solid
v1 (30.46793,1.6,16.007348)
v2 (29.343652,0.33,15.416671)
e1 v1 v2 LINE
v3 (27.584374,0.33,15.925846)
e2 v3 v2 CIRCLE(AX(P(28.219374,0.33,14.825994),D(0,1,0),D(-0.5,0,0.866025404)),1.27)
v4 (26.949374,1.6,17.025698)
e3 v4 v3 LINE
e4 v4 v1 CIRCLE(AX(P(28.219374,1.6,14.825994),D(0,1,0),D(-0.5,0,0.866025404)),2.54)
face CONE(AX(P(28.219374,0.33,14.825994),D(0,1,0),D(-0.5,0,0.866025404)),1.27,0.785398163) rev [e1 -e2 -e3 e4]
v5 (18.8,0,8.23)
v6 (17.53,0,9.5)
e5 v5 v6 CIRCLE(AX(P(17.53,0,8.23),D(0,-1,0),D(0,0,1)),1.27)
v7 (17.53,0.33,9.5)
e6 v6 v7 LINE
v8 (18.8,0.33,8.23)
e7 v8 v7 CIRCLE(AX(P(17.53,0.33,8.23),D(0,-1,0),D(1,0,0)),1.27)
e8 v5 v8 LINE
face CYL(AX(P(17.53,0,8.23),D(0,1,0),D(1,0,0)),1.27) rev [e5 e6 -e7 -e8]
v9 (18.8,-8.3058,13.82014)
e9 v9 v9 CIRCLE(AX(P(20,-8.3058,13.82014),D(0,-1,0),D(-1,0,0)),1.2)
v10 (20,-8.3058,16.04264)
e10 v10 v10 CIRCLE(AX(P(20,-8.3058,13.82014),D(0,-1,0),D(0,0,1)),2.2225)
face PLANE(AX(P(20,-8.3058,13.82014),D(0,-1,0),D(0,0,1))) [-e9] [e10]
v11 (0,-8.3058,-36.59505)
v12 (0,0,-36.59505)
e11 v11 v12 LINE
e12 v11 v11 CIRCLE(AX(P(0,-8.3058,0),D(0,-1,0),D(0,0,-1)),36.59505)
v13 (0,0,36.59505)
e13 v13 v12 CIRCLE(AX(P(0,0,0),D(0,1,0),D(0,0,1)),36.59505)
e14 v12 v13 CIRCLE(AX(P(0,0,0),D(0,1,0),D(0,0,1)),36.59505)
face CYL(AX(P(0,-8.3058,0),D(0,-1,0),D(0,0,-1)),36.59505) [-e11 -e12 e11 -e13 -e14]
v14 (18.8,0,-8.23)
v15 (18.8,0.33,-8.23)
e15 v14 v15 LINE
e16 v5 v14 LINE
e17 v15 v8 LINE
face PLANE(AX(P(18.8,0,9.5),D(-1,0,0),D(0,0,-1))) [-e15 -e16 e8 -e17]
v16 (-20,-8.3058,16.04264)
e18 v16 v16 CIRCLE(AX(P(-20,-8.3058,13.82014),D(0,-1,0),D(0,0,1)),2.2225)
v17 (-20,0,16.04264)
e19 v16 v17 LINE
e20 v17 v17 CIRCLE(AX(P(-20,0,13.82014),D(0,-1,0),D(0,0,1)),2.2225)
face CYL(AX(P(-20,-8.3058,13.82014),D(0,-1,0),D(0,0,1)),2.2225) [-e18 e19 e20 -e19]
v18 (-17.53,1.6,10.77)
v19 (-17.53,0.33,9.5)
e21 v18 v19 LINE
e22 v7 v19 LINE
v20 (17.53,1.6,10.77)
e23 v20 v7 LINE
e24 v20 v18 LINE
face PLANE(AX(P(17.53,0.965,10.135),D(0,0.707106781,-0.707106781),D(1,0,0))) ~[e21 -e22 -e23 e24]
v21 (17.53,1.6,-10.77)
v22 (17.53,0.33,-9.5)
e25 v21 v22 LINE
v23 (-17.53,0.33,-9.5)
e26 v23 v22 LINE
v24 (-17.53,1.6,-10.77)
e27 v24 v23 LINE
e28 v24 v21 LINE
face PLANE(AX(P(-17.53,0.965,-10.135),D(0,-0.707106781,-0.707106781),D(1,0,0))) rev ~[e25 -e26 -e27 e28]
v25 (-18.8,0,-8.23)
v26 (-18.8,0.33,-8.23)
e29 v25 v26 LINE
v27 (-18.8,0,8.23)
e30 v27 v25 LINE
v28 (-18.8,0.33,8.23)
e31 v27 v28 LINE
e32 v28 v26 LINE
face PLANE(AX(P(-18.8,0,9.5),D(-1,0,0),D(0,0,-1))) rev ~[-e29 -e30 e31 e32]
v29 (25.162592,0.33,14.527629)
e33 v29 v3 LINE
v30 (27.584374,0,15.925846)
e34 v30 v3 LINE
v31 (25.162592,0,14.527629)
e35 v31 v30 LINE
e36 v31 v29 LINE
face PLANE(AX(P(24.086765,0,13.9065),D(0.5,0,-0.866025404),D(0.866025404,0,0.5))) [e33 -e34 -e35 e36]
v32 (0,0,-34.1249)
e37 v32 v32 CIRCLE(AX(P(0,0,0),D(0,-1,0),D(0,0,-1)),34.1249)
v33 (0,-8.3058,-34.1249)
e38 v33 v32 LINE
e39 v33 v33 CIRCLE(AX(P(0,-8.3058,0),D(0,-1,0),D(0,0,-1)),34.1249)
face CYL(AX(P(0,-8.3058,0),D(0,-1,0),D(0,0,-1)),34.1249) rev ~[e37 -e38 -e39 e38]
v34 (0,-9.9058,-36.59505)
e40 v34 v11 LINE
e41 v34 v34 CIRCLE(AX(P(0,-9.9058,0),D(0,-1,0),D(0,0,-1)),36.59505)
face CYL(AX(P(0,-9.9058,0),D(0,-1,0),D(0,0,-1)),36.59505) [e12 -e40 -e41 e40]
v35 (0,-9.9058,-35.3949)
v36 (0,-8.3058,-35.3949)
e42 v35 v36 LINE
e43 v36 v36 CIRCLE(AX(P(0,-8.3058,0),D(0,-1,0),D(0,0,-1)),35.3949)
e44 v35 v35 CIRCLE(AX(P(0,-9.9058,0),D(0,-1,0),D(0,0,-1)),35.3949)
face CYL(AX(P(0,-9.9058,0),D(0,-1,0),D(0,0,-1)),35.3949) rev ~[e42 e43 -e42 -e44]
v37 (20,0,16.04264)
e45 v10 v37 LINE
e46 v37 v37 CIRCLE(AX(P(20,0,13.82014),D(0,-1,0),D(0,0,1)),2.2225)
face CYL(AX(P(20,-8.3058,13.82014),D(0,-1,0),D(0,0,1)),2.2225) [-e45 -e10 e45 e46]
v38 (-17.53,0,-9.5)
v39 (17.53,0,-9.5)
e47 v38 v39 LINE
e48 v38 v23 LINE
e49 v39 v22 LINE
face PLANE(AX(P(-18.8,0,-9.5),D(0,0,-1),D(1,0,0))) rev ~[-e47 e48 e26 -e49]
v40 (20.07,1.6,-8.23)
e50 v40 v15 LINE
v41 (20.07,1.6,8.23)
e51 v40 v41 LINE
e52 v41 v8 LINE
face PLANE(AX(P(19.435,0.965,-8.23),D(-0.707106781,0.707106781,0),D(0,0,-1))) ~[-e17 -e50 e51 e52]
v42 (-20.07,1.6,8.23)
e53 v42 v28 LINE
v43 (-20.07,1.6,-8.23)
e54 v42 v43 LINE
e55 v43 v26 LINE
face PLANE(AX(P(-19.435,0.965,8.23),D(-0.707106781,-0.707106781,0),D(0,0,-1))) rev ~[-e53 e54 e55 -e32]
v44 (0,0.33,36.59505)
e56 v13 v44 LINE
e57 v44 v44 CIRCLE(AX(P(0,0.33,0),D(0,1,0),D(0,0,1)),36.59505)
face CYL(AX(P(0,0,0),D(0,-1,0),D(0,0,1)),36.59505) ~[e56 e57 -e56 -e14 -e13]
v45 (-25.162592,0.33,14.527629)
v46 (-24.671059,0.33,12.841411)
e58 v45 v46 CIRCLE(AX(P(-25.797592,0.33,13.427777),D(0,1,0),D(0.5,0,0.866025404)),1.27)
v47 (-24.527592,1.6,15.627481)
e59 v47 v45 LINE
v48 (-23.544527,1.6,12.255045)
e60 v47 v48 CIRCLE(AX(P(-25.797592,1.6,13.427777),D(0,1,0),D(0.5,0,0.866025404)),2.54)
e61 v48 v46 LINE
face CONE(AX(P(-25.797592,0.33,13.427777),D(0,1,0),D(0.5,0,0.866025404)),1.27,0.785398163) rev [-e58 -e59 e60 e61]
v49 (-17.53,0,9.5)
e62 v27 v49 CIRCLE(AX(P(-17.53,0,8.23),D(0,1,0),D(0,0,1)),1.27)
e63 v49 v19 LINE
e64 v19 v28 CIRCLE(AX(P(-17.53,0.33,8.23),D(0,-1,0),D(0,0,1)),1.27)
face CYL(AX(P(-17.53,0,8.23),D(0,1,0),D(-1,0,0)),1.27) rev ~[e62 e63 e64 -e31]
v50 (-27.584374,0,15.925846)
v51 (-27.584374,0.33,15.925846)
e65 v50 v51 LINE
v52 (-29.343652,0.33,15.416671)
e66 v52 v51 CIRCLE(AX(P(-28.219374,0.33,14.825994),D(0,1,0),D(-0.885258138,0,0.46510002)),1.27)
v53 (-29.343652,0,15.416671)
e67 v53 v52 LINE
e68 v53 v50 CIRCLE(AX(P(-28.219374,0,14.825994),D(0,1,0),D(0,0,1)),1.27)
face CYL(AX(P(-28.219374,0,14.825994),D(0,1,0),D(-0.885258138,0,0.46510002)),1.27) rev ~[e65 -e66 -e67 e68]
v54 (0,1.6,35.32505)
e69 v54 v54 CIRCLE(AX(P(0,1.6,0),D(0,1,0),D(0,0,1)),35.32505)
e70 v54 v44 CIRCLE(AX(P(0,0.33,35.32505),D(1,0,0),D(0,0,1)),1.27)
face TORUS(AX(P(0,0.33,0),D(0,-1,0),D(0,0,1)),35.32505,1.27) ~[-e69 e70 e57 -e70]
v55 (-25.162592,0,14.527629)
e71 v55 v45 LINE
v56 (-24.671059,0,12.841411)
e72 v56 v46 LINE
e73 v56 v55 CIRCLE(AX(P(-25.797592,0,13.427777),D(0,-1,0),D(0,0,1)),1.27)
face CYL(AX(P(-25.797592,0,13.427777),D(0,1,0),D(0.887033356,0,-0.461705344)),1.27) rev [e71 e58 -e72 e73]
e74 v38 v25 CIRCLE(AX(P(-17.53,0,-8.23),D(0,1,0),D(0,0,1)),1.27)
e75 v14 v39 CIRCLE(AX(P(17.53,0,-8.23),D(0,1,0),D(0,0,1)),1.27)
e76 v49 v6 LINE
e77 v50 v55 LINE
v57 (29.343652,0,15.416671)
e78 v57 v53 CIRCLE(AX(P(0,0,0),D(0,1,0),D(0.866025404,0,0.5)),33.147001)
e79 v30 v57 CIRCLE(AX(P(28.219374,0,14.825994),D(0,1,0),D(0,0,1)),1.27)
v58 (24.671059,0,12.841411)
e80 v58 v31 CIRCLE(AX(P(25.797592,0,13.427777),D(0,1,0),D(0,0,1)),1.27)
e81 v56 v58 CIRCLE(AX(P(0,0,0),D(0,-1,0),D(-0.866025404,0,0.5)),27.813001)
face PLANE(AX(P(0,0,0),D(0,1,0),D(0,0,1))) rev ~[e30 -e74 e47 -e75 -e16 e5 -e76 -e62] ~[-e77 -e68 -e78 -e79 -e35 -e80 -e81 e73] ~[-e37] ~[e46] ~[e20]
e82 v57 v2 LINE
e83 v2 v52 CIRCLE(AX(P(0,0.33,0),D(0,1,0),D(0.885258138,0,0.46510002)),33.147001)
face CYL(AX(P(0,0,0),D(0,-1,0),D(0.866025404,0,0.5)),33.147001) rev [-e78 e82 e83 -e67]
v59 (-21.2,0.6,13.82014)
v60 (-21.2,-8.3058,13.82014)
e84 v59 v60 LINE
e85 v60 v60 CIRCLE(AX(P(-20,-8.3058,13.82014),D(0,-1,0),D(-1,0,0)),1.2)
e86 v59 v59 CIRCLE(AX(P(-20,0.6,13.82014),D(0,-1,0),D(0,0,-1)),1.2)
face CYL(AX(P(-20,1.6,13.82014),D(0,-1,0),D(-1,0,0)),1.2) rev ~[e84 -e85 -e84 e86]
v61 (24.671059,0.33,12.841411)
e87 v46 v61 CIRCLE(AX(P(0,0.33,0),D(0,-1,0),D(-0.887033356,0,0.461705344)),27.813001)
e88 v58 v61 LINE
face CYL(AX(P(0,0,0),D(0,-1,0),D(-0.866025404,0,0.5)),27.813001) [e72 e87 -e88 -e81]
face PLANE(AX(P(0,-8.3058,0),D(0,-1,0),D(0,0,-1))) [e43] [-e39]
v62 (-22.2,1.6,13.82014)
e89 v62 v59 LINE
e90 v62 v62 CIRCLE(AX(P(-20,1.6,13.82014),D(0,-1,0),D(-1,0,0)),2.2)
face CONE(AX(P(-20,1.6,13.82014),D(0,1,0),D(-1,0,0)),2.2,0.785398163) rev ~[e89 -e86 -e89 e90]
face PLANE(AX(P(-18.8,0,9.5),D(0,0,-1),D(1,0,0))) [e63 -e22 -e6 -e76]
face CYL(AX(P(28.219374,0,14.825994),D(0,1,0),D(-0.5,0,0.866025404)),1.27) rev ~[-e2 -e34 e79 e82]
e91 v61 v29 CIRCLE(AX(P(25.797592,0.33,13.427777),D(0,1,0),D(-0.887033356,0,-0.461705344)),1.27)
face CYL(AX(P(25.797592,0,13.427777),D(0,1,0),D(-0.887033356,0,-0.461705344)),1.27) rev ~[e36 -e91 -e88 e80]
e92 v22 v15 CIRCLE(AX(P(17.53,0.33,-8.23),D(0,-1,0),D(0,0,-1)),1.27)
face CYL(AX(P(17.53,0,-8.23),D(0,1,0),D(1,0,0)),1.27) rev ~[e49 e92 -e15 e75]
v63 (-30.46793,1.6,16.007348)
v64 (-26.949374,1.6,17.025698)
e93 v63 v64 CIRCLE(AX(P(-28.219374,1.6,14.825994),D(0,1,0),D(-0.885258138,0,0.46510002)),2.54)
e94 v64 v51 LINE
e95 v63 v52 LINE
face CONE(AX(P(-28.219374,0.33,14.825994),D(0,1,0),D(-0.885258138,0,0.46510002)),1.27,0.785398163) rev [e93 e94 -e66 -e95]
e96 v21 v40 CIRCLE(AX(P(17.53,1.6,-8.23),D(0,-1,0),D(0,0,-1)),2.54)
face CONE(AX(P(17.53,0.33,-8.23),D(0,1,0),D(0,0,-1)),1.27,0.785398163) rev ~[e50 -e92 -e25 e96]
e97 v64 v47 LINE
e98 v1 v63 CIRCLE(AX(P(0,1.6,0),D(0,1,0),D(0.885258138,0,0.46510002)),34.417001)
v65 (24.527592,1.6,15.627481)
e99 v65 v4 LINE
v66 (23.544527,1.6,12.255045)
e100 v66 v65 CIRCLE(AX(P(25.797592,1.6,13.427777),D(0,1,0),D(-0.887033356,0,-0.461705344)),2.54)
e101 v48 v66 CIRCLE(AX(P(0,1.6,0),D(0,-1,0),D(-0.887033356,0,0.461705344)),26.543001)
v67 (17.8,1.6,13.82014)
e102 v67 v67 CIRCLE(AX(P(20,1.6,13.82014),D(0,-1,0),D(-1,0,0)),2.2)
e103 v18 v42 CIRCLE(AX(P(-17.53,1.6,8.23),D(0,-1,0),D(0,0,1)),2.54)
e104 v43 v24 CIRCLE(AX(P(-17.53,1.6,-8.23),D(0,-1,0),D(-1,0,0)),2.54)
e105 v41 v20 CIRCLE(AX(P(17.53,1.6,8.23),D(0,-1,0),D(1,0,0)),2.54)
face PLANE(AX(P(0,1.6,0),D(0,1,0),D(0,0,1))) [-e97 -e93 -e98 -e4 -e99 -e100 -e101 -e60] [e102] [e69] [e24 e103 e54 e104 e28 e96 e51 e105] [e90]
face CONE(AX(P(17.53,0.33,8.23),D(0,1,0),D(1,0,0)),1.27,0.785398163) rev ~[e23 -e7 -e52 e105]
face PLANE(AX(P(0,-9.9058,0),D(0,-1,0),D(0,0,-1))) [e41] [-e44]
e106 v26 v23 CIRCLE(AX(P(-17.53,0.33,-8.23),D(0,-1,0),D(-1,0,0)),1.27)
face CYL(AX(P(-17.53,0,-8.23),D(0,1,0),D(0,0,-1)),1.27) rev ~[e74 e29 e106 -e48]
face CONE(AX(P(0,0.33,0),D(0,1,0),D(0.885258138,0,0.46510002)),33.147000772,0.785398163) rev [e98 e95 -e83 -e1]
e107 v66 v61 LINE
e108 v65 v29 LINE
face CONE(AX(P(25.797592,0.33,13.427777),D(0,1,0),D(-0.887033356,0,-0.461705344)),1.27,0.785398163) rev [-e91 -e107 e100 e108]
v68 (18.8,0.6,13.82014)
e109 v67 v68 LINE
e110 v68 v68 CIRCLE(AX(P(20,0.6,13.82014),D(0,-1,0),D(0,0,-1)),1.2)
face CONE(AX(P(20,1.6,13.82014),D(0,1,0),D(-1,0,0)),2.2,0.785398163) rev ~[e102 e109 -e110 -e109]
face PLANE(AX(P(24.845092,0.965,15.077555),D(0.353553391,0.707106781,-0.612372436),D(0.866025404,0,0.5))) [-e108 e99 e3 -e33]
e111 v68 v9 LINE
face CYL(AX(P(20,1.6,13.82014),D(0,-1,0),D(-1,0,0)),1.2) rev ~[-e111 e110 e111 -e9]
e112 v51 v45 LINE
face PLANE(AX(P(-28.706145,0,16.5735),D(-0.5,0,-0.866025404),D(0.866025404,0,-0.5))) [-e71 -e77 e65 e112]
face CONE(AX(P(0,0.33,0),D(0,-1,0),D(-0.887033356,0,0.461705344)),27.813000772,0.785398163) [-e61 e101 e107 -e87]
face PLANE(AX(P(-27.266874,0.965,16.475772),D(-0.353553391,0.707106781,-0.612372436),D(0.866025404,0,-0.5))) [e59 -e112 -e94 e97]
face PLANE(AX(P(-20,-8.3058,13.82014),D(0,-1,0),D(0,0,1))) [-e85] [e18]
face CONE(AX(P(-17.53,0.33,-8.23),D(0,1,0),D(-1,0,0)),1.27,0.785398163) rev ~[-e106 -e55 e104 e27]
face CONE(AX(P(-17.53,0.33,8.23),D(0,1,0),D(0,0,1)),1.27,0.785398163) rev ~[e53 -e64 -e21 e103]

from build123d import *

# Parameters (mm, degrees)
SKETCH1_R                                       = 36.59505
SKETCH1_W                                       = 37.6
SKETCH1_H                                       = 19
BOSS_EXTRUDE1_DEPTH                             = 1.6
BOSS_EXTRUDE2_START                             = 8.3058
SKETCH2_R                                       = 36.59505
SKETCH2_R_2                                     = 34.1249
SKETCH2_R_3                                     = 2.2225
BOSS_EXTRUDE2_DEPTH                             = 8.3058
CSK_FOR_M2_FLAT_HEAD_MACHINE_SCREW1_D           = 2.4
CSK_FOR_M2_FLAT_HEAD_MACHINE_SCREW1_CSINK_D     = 4.4
CSK_FOR_M2_FLAT_HEAD_MACHINE_SCREW1_CSINK_ANGLE = 90
FILLET1_R                                       = 1.27
BOSS_EXTRUDE3_START                             = 1.6
SKETCH5_R                                       = 36.59505
SKETCH5_R_2                                     = 35.3949
BOSS_EXTRUDE3_DEPTH                             = 1.6
CHAMFER2_SIZE                                   = 1.27
FILLET2_R                                       = 1.27


with BuildPart() as part:
    # Sketch1 → Boss-Extrude1 (new body)
    with BuildSketch(Plane(origin=(0, 0, 0), x_dir=(1, 0, 0), z_dir=(0, 1, 0))):
        with Locations(Location((0, 0, 0), (0, 0, 270))):
            Circle(SKETCH1_R)
        with BuildLine():
            Line((-28.706144728, -16.573500386), (-24.086765224, -13.906500386))
            ThreePointArc((-24.086765224, -13.906500386), (0, 27.813000772), (24.086765224, -13.906500386))
            Line((24.086765224, -13.906500386), (28.706144728, -16.573500386))
            ThreePointArc((28.706144728, -16.573500386), (0, 33.147000772), (-28.706144728, -16.573500386))
        make_face(mode=Mode.SUBTRACT)
        Rectangle(SKETCH1_W, SKETCH1_H, mode=Mode.SUBTRACT)
    extrude(amount=BOSS_EXTRUDE1_DEPTH)

    # Sketch2 → Boss-Extrude2 (add)
    # profile 1 of 3: a face of its own
    with BuildSketch(Plane.XZ.offset(BOSS_EXTRUDE2_START)):
        with Locations(Location((0, 0, 0), (0, 0, 270))):
            Circle(SKETCH2_R)
        with Locations(Location((0, 0, 0), (0, 0, 270))):
            Circle(SKETCH2_R_2, mode=Mode.SUBTRACT)
    # profile 2 of 3: a face of its own
    with BuildSketch(Plane.XZ.offset(BOSS_EXTRUDE2_START)):
        with Locations(Location((20, 13.82014, 0), (0, 0, 90))):
            Circle(SKETCH2_R_3)
    # profile 3 of 3: a face of its own
    with BuildSketch(Plane.XZ.offset(BOSS_EXTRUDE2_START)):
        with Locations(Location((-20, 13.82014, 0), (0, 0, 90))):
            Circle(SKETCH2_R_3)
    extrude(amount=-BOSS_EXTRUDE2_DEPTH)

    # CSK for M2 Flat Head Machine Screw1 (through all)
    with Locations(Plane(origin=(0, 1.6, 0), x_dir=(1, 0, 0), z_dir=(0, 1, 0))):
        with Locations((-20, -13.82014), (20, -13.82014)):
            CounterSinkHole(CSK_FOR_M2_FLAT_HEAD_MACHINE_SCREW1_D / 2, CSK_FOR_M2_FLAT_HEAD_MACHINE_SCREW1_CSINK_D / 2, counter_sink_angle=CSK_FOR_M2_FLAT_HEAD_MACHINE_SCREW1_CSINK_ANGLE)

    # Fillet1
    fillet1_edges = [part.edges().sort_by_distance(p)[0] for p in [
        (28.706144728, 0.8, 16.573500386),
        (-28.706144728, 0.8, 16.573500386),
        (-24.086765224, 0.8, 13.906500386),
        (24.086765224, 0.8, 13.906500386),
        (18.8, 0.8, -9.5),
        (-18.8, 0.8, -9.5),
        (-18.8, 0.8, 9.5),
        (18.8, 0.8, 9.5),
    ]]
    fillet(fillet1_edges, radius=FILLET1_R)

    # Sketch5 → Boss-Extrude3 (add)
    with BuildSketch(Plane.XZ.offset(8.3058).offset(BOSS_EXTRUDE3_START)):
        with Locations(Location((0, 0, 0), (0, 0, 270))):
            Circle(SKETCH5_R)
        with Locations(Location((0, 0, 0), (0, 0, 270))):
            Circle(SKETCH5_R_2, mode=Mode.SUBTRACT)
    extrude(amount=-BOSS_EXTRUDE3_DEPTH)

    # Chamfer2
    chamfer2_edges = [part.edges().sort_by_distance(p)[0] for p in [
        (-18.8, 1.6, 0),
        (0, 1.6, 9.5),
        (18.8, 1.6, 0),
        (0, 1.6, -9.5),
        (0, 1.6, -27.813000772),
        (26.373483072, 1.6, 15.226737551),
        (0, 1.6, -33.147000772),
        (-26.373483072, 1.6, 15.226737551),
        (-18.428025612, 1.6, 9.128025612),
        (18.428025612, 1.6, 9.128025612),
        (18.428025612, 1.6, -9.128025612),
        (-18.428025612, 1.6, -9.128025612),
        (24.57833714, 1.6, 13.783189465),
        (28.572450915, 1.6, 16.04592687),
        (-28.572450915, 1.6, 16.04592687),
        (-24.57833714, 1.6, 13.783189465),
    ]]
    chamfer(chamfer2_edges, length=CHAMFER2_SIZE)

    # Fillet2
    fillet2_edges = [part.edges().sort_by_distance(p)[0] for p in [
        (0, 1.6, -36.59505),
    ]]
    fillet(fillet2_edges, radius=FILLET2_R)


solid = part.part
